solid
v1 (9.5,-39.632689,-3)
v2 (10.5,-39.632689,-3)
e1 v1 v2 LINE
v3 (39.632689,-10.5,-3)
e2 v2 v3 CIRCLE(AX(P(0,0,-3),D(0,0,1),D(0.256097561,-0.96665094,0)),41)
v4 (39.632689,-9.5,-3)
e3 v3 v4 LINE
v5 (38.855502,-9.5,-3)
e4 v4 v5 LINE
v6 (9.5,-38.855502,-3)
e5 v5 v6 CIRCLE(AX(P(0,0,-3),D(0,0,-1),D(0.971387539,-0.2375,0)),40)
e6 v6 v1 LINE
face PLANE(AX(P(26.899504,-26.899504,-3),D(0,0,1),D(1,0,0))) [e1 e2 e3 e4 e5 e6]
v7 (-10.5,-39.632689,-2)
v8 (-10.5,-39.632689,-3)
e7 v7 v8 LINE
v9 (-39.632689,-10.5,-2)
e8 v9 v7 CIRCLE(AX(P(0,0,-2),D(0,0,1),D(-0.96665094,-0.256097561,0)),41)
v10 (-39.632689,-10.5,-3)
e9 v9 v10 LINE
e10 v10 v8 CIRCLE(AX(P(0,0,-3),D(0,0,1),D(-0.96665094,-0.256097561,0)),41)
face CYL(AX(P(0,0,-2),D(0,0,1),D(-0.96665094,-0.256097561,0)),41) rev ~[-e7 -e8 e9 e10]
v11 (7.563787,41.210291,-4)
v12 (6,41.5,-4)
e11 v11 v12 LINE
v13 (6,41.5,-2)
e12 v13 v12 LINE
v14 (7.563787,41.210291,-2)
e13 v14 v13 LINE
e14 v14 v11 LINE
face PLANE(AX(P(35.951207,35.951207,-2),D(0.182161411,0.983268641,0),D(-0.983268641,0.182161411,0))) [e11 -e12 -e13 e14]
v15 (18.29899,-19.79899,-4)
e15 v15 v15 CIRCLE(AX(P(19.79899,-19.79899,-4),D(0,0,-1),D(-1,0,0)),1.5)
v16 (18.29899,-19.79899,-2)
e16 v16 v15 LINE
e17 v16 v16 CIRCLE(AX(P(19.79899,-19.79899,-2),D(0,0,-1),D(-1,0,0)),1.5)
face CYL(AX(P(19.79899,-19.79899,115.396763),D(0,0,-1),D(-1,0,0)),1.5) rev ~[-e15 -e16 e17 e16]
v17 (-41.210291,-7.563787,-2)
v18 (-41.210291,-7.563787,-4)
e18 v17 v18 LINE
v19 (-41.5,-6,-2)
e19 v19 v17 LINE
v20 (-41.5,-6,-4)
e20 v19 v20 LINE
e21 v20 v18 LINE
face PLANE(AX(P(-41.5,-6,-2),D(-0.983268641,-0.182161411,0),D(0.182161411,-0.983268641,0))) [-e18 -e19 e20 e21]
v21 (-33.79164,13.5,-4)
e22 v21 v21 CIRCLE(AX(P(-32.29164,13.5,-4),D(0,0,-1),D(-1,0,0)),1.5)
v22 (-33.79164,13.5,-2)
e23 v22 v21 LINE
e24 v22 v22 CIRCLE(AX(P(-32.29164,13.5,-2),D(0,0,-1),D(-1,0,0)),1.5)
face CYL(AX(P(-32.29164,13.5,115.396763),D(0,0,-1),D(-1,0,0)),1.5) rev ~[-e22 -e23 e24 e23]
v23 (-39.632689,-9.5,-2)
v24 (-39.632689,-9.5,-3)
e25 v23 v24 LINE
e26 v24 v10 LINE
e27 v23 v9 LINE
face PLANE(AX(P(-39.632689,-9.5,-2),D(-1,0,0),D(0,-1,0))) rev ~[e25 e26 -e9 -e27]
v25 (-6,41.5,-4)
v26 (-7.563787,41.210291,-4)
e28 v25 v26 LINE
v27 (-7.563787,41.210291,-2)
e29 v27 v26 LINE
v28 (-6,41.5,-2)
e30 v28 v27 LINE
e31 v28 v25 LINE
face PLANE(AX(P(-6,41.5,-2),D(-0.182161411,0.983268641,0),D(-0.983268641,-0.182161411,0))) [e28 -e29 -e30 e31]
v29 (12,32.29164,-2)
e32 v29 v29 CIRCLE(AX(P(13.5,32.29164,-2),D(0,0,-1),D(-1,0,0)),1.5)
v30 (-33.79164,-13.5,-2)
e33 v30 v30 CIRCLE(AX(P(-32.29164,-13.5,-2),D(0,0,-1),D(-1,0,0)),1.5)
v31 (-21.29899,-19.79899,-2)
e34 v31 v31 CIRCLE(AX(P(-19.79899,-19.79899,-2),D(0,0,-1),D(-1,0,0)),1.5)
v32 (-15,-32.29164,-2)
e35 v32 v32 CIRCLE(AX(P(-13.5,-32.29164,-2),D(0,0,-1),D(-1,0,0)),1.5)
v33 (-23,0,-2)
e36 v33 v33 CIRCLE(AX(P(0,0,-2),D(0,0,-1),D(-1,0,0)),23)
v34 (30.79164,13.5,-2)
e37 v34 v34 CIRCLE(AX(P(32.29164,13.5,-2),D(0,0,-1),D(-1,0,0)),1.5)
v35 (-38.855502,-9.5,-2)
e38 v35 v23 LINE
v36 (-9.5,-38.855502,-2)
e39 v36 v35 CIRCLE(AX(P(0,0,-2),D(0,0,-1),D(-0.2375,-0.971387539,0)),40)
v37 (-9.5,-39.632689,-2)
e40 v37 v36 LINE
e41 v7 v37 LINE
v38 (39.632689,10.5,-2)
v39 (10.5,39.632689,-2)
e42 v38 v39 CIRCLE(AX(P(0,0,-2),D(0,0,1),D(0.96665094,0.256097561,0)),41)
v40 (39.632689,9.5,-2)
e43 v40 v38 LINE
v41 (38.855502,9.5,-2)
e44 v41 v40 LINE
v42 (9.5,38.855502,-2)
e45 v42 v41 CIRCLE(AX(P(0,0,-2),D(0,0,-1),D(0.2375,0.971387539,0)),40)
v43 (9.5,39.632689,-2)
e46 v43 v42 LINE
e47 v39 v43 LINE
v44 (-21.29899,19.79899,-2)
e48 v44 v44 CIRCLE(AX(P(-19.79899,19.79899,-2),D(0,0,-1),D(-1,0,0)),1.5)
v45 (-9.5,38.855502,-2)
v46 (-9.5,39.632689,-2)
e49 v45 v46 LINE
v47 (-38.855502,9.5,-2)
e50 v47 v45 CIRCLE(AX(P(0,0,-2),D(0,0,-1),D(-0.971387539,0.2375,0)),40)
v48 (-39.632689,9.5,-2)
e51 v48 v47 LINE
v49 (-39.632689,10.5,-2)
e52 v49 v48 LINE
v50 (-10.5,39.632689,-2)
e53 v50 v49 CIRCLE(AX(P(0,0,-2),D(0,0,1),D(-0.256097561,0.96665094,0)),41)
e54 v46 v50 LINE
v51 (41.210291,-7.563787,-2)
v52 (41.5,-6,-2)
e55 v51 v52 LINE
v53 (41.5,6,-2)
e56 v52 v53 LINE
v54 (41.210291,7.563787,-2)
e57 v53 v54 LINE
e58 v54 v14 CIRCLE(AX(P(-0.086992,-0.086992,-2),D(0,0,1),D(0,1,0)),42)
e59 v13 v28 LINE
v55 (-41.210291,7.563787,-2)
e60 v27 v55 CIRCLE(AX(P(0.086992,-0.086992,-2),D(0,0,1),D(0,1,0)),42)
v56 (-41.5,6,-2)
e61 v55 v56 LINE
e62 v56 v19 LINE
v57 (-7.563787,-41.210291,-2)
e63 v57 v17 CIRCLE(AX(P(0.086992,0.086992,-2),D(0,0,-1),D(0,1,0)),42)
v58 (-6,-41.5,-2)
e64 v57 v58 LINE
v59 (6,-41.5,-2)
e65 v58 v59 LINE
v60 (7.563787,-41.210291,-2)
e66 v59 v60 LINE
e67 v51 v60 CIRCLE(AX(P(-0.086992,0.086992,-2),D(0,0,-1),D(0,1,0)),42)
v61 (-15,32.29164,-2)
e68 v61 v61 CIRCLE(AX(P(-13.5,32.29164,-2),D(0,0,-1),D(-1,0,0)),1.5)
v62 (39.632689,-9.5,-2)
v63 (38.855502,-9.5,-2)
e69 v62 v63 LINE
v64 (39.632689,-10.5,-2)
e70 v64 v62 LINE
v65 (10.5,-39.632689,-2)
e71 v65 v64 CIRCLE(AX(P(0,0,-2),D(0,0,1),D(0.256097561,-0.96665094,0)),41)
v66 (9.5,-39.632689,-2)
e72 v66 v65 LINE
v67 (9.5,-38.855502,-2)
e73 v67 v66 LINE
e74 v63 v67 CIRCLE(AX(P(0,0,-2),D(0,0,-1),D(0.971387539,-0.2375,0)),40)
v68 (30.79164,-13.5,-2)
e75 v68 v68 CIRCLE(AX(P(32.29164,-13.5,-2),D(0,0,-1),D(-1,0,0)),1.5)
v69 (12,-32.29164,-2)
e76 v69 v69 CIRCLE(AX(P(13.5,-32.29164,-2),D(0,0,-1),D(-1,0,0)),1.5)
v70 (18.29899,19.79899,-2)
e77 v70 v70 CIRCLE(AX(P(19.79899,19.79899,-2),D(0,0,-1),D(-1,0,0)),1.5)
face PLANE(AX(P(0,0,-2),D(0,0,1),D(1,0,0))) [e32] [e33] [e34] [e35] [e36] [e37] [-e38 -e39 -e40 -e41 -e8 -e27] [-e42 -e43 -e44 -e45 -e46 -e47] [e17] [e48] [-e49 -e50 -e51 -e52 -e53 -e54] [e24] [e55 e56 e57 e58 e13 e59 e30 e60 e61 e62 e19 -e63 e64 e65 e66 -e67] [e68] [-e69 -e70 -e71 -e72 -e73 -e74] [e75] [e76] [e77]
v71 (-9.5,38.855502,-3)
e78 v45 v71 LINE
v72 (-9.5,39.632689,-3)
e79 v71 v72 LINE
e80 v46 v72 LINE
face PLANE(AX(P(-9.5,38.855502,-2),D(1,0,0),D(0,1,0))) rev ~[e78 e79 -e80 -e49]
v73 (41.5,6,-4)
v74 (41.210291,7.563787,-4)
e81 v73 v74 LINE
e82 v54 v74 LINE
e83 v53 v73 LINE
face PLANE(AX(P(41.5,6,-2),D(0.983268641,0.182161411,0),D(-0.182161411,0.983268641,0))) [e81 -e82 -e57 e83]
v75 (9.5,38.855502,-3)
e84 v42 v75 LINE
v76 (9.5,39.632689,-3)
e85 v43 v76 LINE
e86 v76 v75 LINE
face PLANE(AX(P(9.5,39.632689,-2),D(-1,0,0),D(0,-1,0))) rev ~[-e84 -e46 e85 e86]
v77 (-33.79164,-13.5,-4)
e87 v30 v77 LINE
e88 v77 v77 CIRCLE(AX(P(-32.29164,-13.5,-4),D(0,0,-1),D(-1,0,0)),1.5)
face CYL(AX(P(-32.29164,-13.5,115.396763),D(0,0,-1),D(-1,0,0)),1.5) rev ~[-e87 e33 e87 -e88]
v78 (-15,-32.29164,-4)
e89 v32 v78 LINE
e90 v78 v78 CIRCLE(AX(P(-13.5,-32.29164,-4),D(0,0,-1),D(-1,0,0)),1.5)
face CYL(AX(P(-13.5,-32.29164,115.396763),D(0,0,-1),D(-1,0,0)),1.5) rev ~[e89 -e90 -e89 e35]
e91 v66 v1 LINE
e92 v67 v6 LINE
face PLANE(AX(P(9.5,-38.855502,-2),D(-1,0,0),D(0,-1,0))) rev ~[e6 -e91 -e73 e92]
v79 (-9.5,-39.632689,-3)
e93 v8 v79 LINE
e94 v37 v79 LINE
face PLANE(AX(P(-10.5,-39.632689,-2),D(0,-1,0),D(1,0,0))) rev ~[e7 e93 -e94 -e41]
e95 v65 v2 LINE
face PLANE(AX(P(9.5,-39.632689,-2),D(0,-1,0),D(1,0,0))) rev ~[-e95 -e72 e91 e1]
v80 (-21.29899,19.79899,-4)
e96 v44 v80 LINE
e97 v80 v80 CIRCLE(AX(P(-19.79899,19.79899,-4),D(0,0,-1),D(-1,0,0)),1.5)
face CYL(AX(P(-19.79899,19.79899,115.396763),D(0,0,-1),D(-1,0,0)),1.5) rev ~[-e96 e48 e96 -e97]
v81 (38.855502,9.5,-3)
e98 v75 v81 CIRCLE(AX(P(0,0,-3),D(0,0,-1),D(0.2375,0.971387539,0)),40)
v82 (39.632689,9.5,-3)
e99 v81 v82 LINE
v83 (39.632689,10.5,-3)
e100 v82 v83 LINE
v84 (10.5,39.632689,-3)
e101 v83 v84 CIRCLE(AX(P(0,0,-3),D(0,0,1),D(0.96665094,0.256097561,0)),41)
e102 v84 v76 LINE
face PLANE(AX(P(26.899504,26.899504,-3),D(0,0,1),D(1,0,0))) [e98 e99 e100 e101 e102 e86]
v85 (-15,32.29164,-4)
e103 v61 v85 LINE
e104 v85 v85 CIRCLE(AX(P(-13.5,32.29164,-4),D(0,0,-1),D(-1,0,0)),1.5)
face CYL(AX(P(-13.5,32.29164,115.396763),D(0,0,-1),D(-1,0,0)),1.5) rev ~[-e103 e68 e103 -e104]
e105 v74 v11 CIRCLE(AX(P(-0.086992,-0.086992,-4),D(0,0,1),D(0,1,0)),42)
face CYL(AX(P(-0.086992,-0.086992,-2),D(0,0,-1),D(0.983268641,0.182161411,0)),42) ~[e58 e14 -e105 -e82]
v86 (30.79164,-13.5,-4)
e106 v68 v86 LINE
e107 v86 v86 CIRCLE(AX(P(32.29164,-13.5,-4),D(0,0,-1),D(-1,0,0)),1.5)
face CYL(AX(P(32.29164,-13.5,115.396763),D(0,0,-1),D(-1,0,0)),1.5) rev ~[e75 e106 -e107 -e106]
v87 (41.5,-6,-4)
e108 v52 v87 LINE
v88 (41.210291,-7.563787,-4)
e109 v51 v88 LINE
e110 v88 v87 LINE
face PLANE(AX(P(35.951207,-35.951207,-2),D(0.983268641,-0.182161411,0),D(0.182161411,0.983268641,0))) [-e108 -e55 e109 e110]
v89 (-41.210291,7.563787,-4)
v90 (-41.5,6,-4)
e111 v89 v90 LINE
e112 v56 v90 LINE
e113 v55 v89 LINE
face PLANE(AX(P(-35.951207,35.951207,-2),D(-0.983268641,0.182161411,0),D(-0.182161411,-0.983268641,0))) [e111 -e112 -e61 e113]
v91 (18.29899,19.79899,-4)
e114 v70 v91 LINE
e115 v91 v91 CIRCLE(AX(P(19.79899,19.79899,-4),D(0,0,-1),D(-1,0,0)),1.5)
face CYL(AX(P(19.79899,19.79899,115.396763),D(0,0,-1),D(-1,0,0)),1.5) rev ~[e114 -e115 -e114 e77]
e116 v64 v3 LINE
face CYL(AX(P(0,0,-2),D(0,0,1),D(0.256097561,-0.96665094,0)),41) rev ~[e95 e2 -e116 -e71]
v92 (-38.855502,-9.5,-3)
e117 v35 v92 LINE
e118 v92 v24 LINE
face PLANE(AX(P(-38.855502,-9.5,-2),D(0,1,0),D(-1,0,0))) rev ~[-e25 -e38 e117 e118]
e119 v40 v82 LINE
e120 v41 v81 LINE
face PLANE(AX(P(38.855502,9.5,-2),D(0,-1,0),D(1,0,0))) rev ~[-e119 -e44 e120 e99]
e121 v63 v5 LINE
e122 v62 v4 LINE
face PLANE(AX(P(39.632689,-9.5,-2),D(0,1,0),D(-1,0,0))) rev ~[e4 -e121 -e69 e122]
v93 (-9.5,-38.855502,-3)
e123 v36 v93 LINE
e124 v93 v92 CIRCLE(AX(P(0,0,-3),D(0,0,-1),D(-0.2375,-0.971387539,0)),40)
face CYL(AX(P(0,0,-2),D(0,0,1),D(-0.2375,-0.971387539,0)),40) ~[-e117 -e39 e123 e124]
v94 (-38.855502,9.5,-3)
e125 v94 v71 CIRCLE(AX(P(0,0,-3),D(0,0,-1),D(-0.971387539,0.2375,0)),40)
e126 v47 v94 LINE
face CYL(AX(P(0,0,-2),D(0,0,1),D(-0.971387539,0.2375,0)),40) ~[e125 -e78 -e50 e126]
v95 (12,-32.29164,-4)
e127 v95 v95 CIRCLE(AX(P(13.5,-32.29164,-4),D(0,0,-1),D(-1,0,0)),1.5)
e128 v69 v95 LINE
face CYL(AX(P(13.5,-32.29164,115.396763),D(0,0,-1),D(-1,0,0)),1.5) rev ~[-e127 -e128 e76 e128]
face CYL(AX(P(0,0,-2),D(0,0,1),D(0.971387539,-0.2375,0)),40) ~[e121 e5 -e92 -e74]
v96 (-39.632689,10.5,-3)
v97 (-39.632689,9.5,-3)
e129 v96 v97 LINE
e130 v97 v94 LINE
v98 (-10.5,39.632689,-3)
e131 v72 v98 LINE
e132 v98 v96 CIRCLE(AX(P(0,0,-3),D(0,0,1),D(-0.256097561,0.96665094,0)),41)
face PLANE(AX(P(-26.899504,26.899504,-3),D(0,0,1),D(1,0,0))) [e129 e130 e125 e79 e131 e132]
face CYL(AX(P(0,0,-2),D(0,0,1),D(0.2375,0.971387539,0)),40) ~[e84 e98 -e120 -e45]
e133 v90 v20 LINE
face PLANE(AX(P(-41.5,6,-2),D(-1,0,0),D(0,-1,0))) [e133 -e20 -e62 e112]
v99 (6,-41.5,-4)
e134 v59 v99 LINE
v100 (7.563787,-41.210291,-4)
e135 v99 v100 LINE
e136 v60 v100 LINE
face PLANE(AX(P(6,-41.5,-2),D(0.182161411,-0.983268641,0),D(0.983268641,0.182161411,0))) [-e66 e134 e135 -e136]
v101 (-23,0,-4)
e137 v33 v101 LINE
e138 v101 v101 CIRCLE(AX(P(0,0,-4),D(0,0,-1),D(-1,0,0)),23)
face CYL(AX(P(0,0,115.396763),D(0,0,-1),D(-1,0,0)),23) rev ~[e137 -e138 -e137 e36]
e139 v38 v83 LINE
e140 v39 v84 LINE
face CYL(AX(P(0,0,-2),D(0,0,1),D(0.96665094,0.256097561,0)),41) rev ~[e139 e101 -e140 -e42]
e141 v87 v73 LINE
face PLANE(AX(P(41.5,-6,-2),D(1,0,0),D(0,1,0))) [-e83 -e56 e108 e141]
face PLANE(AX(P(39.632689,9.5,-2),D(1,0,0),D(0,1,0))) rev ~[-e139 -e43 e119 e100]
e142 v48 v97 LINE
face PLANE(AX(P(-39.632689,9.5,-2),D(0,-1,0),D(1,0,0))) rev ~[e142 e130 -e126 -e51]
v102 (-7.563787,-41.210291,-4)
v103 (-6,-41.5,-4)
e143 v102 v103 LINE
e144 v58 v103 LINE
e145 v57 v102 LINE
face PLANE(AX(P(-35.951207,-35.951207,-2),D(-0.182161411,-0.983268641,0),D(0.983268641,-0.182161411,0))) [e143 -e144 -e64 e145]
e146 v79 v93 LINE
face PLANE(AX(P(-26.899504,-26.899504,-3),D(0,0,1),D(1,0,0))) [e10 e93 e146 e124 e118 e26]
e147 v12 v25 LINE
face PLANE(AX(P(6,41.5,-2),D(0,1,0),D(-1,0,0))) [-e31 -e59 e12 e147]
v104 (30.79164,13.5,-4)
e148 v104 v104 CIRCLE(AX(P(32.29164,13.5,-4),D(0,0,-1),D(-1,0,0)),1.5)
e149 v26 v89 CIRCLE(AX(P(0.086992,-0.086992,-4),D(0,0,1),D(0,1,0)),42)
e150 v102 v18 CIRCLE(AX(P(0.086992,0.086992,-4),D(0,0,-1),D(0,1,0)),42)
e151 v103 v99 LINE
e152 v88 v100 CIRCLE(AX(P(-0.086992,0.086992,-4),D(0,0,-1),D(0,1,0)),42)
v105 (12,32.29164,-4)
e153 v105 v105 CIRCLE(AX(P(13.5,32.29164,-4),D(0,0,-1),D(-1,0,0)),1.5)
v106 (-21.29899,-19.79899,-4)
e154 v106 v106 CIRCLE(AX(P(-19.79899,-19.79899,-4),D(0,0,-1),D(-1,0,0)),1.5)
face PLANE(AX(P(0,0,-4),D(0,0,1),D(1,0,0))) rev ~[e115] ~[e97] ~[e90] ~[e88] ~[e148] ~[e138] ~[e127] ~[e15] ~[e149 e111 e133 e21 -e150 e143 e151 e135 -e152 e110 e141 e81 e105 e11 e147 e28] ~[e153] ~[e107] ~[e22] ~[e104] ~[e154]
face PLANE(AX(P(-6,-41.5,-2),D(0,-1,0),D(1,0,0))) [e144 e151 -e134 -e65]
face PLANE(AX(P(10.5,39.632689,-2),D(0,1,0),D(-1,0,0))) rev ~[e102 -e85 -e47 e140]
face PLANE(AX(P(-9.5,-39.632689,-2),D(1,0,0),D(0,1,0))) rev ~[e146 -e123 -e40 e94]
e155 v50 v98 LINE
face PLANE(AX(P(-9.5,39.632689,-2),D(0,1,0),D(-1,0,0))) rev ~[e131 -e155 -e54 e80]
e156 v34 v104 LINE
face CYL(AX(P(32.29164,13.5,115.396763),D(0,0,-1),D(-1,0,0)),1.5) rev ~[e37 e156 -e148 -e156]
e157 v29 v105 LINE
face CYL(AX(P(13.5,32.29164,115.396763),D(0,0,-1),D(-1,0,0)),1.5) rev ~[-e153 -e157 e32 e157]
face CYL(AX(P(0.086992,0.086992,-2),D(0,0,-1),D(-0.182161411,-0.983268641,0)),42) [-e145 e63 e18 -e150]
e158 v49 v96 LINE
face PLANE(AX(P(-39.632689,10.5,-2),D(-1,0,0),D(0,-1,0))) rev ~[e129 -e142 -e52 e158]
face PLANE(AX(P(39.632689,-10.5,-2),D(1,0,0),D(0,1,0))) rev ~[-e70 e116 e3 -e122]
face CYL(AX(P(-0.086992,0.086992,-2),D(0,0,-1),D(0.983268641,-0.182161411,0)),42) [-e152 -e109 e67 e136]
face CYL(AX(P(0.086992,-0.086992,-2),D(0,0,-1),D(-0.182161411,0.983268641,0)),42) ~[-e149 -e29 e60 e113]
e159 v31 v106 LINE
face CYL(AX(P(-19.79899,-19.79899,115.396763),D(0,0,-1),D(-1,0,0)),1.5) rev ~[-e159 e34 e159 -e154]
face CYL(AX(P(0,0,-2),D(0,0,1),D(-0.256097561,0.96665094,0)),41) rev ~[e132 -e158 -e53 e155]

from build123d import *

# Parameters (mm, degrees)
EXTRUDE_1_DEPTH       = 2
CUT_EXTRUDE_1_DEPTH   = 1
CUT_EXTRUDE_2_DEPTH   = 1
CUT_EXTRUDE_3_DEPTH   = 1
CUT_EXTRUDE_4_DEPTH   = 1
HOLE_WIZARD_3_0_3_1_D = 3
HOLE_WIZARD_M421_D    = 46
FILLET_1_R            = 42


with BuildPart() as part:
    # Эскиз1 → Бобышка-Вытянуть1 (new body)
    with BuildSketch(Plane.XY.offset(-2)):
        Polygon((41.5, 6), (35.95120701, 35.95120701), (6, 41.5), (-6, 41.5), (-35.95120701, 35.95120701), (-41.5, 6), (-41.5, -6), (-35.95120701, -35.95120701), (-6, -41.5), (6, -41.5), (35.95120701, -35.95120701), (41.5, -6), align=None)
    extrude(amount=-EXTRUDE_1_DEPTH)

    # Эскиз2 → Вырез-Вытянуть1 (cut)
    with BuildSketch(Plane.XY.offset(-2)):
        with BuildLine():
            Line((9.5, -39.632688529), (10.5, -39.632688529))
            ThreePointArc((10.5, -39.632688529), (28.991378029, -28.991378029), (39.632688529, -10.5))
            Line((39.632688529, -10.5), (39.632688529, -9.5))
            Line((39.632688529, -9.5), (38.855501541, -9.5))
            ThreePointArc((38.855501541, -9.5), (28.284271247, -28.284271247), (9.5, -38.855501541))
            Line((9.5, -38.855501541), (9.5, -39.632688529))
        make_face()
    extrude(amount=-CUT_EXTRUDE_1_DEPTH, mode=Mode.SUBTRACT)

    # Эскиз3 → Вырез-Вытянуть2 (cut)
    with BuildSketch(Plane.XY.offset(-2)):
        with BuildLine():
            Line((-39.632688529, -9.5), (-39.632688529, -10.5))
            ThreePointArc((-39.632688529, -10.5), (-28.991378029, -28.991378029), (-10.5, -39.632688529))
            Line((-10.5, -39.632688529), (-9.5, -39.632688529))
            Line((-9.5, -39.632688529), (-9.5, -38.855501541))
            ThreePointArc((-9.5, -38.855501541), (-28.284271247, -28.284271247), (-38.855501541, -9.5))
            Line((-38.855501541, -9.5), (-39.632688529, -9.5))
        make_face()
    extrude(amount=-CUT_EXTRUDE_2_DEPTH, mode=Mode.SUBTRACT)

    # Эскиз4 → Вырез-Вытянуть3 (cut)
    with BuildSketch(Plane.XY.offset(-2)):
        with BuildLine():
            Line((39.632688529, 9.5), (39.632688529, 10.5))
            ThreePointArc((39.632688529, 10.5), (28.991378029, 28.991378029), (10.5, 39.632688529))
            Line((10.5, 39.632688529), (9.5, 39.632688529))
            Line((9.5, 39.632688529), (9.5, 38.855501541))
            ThreePointArc((9.5, 38.855501541), (28.284271247, 28.284271247), (38.855501541, 9.5))
            Line((38.855501541, 9.5), (39.632688529, 9.5))
        make_face()
    extrude(amount=-CUT_EXTRUDE_3_DEPTH, mode=Mode.SUBTRACT)

    # Эскиз5 → Вырез-Вытянуть4 (cut)
    with BuildSketch(Plane.XY.offset(-2)):
        with BuildLine():
            Line((-9.5, 39.632688529), (-10.5, 39.632688529))
            ThreePointArc((-10.5, 39.632688529), (-28.991378029, 28.991378029), (-39.632688529, 10.5))
            Line((-39.632688529, 10.5), (-39.632688529, 9.5))
            Line((-39.632688529, 9.5), (-38.855501541, 9.5))
            ThreePointArc((-38.855501541, 9.5), (-28.284271247, 28.284271247), (-9.5, 38.855501541))
            Line((-9.5, 38.855501541), (-9.5, 39.632688529))
        make_face()
    extrude(amount=-CUT_EXTRUDE_4_DEPTH, mode=Mode.SUBTRACT)

    # Диаметр отверстия Ø3.0 (3)1 (through all)
    with Locations(Plane.XY.offset(-2)):
        with Locations((32.291639785, -13.5), (32.291639785, 13.5), (19.798989873, 19.798989873), (19.798989873, -19.798989873), (13.5, -32.291639785), (-13.5, -32.291639785), (-19.798989873, -19.798989873), (-19.798989873, 19.798989873), (-13.5, 32.291639785), (13.5, 32.291639785), (-32.291639785, 13.5), (-32.291639785, -13.5)):
            Hole(HOLE_WIZARD_3_0_3_1_D / 2)

    # Отверстие с зазором M421 (through all)
    with Locations(Plane.XY.offset(-2)):
        with Locations((0, 0)):
            Hole(HOLE_WIZARD_M421_D / 2)

    # Скругление1
    fillet_1_edges = [part.edges().sort_by_distance(p)[0] for p in [
        (35.95120701, -35.95120701, -3),
        (-35.95120701, -35.95120701, -3),
        (-35.95120701, 35.95120701, -3),
        (35.95120701, 35.95120701, -3),
    ]]
    fillet(fillet_1_edges, radius=FILLET_1_R)


solid = part.part
